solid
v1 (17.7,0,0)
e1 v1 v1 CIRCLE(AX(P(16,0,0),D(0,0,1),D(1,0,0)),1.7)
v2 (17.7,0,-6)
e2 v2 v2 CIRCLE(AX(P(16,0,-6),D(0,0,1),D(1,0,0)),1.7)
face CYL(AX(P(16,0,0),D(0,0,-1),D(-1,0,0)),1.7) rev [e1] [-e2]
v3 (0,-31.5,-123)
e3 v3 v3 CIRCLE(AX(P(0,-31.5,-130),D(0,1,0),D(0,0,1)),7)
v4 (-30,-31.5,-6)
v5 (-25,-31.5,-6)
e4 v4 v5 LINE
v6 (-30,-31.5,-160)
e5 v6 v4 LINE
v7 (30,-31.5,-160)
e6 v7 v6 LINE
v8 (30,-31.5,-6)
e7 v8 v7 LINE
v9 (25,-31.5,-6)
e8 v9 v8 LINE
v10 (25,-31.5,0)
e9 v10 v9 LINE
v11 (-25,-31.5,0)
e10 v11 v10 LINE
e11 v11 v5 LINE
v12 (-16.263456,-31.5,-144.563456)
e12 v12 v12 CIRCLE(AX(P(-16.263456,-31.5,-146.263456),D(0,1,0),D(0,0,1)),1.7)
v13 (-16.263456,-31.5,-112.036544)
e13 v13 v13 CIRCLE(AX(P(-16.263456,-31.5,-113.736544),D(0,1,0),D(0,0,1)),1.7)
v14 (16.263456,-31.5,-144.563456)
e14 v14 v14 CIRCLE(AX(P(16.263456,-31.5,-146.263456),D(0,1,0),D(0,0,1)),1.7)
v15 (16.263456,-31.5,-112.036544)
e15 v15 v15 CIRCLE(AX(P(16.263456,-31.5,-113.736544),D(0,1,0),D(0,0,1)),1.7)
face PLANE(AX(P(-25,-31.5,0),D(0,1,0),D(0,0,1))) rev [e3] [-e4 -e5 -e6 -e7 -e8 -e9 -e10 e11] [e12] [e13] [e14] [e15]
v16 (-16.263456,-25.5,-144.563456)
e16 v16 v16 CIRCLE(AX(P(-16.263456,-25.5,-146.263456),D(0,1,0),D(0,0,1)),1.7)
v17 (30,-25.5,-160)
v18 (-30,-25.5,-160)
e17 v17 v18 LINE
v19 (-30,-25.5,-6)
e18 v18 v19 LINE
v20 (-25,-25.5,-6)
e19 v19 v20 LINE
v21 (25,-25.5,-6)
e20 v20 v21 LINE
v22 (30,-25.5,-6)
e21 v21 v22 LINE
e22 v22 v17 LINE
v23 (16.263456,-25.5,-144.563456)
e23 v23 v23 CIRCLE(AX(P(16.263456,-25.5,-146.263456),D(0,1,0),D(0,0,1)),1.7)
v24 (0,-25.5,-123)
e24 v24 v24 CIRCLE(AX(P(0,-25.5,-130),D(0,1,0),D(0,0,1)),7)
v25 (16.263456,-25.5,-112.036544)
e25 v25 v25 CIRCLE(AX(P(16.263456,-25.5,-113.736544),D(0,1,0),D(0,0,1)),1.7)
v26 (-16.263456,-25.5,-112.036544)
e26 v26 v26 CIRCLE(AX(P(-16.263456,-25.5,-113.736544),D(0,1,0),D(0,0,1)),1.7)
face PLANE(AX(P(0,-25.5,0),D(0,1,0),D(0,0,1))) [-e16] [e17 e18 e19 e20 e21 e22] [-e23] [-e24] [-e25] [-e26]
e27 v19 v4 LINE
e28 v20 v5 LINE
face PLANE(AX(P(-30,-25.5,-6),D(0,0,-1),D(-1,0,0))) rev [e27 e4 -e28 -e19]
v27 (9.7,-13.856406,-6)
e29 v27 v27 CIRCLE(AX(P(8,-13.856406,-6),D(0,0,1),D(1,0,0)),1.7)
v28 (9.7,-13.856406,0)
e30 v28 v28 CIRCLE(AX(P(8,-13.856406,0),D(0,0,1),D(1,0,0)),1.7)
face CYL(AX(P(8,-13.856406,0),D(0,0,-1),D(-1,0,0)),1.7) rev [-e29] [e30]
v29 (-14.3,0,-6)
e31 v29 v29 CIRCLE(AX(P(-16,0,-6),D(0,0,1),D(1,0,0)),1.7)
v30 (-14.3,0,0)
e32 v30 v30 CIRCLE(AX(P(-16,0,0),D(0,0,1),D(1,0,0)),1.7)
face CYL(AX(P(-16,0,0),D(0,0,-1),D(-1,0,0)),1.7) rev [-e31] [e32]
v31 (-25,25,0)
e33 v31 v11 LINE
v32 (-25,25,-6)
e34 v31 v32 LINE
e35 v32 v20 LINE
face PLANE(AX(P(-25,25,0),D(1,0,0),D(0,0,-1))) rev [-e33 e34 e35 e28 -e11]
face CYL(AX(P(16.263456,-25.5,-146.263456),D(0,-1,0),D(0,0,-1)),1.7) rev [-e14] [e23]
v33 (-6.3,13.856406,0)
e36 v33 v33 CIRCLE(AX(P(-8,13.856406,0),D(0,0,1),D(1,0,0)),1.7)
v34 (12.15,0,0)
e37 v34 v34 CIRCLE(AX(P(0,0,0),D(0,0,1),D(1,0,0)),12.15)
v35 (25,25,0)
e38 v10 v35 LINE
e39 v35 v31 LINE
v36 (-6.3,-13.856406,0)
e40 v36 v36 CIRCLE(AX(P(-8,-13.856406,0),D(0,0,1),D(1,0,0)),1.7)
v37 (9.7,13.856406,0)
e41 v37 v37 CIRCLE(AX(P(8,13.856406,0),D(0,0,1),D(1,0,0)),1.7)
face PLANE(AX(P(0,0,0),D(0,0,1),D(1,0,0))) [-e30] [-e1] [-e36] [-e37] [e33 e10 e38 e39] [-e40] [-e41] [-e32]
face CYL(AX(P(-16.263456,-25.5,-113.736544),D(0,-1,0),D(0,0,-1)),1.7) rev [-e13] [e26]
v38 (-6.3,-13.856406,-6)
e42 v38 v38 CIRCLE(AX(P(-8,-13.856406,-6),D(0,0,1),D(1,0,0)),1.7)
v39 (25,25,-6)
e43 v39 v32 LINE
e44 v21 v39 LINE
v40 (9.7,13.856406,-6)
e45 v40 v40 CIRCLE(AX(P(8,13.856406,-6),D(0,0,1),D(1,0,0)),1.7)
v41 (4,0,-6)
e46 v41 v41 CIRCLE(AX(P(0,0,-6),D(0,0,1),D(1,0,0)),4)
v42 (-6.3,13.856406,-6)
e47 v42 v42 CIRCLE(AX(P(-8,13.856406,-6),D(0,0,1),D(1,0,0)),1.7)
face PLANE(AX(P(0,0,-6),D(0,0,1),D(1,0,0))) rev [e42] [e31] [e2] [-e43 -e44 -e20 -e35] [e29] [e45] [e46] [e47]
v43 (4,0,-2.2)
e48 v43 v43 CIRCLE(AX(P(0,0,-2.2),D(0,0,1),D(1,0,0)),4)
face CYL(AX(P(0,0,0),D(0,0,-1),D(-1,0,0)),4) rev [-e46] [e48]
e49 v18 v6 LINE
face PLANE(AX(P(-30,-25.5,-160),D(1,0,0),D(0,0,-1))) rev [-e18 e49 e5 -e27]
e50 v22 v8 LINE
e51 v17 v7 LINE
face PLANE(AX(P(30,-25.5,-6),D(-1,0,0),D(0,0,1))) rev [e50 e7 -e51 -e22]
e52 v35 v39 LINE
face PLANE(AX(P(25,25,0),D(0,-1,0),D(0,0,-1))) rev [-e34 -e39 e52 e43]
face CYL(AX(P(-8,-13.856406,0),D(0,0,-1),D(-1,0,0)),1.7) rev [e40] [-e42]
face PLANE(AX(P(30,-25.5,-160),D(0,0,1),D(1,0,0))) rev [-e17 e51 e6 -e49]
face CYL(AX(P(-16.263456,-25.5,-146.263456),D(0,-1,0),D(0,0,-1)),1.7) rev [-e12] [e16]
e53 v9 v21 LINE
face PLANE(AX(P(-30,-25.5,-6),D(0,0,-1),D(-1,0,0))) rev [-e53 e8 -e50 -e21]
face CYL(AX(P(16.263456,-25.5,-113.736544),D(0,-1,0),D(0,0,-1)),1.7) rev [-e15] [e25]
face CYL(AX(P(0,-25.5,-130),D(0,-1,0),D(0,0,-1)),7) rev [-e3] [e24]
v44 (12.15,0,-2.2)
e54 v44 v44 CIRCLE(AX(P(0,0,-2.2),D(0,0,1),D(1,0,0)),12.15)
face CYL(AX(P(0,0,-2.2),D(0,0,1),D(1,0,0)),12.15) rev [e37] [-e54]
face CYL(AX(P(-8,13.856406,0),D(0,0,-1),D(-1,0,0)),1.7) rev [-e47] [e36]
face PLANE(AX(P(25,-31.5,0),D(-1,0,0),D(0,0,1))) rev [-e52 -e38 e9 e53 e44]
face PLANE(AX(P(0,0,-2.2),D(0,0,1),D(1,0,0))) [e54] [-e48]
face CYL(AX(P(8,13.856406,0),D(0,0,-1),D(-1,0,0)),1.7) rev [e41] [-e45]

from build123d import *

# Parameters (mm, degrees)
SK_YAW_PLATE_W         = 50
SK_YAW_PLATE_H         = 56.5
SK_YAW_PLATE_R         = 1.7
SK_YAW_PLATE_R_2       = 4
YAW_PLATE_DEPTH        = 6
SK_YAW_PILOT_RECESS_R  = 12.15
YAW_PILOT_RECESS_DEPTH = 2.2
SK_ELBOW_PLATE_W       = 60
SK_ELBOW_PLATE_H       = 154
SK_ELBOW_PLATE_R       = 1.7
SK_ELBOW_PLATE_R_2     = 7
ELBOW_PLATE_DEPTH      = 6


with BuildPart() as part:
    # SK_Yaw_Plate → Yaw_Plate (new body)
    with BuildSketch(Plane.XY.offset(-6)):
        with Locations((0, -3.25)):
            Rectangle(SK_YAW_PLATE_W, SK_YAW_PLATE_H)
        with Locations((16, 0)):
            Circle(SK_YAW_PLATE_R, mode=Mode.SUBTRACT)
        with Locations((8, 13.856406461)):
            Circle(SK_YAW_PLATE_R, mode=Mode.SUBTRACT)
        with Locations((-8, 13.856406461)):
            Circle(SK_YAW_PLATE_R, mode=Mode.SUBTRACT)
        with Locations((-16, 0)):
            Circle(SK_YAW_PLATE_R, mode=Mode.SUBTRACT)
        with Locations((-8, -13.856406461)):
            Circle(SK_YAW_PLATE_R, mode=Mode.SUBTRACT)
        with Locations((8, -13.856406461)):
            Circle(SK_YAW_PLATE_R, mode=Mode.SUBTRACT)
        Circle(SK_YAW_PLATE_R_2, mode=Mode.SUBTRACT)
    extrude(amount=YAW_PLATE_DEPTH)

    # SK_Yaw_Pilot_Recess → Yaw_Pilot_Recess (cut)
    with BuildSketch(Plane.XY):
        Circle(SK_YAW_PILOT_RECESS_R)
    extrude(amount=-YAW_PILOT_RECESS_DEPTH, mode=Mode.SUBTRACT)

    # SK_Elbow_Plate → Elbow_Plate (add)
    with BuildSketch(Plane(origin=(0, -31.5, 0), x_dir=(1, 0, 0), z_dir=(0, 1, 0))):
        with Locations((0, 83)):
            Rectangle(SK_ELBOW_PLATE_W, SK_ELBOW_PLATE_H)
        with Locations(Location((16.263455967, 146.263455967, 0), (0, 0, 270))):
            Circle(SK_ELBOW_PLATE_R, mode=Mode.SUBTRACT)
        with Locations(Location((-16.263455967, 146.263455967, 0), (0, 0, 270))):
            Circle(SK_ELBOW_PLATE_R, mode=Mode.SUBTRACT)
        with Locations(Location((-16.263455967, 113.736544033, 0), (0, 0, 270))):
            Circle(SK_ELBOW_PLATE_R, mode=Mode.SUBTRACT)
        with Locations(Location((16.263455967, 113.736544033, 0), (0, 0, 270))):
            Circle(SK_ELBOW_PLATE_R, mode=Mode.SUBTRACT)
        with Locations(Location((0, 130, 0), (0, 0, 270))):
            Circle(SK_ELBOW_PLATE_R_2, mode=Mode.SUBTRACT)
    extrude(amount=ELBOW_PLATE_DEPTH)


solid = part.part
